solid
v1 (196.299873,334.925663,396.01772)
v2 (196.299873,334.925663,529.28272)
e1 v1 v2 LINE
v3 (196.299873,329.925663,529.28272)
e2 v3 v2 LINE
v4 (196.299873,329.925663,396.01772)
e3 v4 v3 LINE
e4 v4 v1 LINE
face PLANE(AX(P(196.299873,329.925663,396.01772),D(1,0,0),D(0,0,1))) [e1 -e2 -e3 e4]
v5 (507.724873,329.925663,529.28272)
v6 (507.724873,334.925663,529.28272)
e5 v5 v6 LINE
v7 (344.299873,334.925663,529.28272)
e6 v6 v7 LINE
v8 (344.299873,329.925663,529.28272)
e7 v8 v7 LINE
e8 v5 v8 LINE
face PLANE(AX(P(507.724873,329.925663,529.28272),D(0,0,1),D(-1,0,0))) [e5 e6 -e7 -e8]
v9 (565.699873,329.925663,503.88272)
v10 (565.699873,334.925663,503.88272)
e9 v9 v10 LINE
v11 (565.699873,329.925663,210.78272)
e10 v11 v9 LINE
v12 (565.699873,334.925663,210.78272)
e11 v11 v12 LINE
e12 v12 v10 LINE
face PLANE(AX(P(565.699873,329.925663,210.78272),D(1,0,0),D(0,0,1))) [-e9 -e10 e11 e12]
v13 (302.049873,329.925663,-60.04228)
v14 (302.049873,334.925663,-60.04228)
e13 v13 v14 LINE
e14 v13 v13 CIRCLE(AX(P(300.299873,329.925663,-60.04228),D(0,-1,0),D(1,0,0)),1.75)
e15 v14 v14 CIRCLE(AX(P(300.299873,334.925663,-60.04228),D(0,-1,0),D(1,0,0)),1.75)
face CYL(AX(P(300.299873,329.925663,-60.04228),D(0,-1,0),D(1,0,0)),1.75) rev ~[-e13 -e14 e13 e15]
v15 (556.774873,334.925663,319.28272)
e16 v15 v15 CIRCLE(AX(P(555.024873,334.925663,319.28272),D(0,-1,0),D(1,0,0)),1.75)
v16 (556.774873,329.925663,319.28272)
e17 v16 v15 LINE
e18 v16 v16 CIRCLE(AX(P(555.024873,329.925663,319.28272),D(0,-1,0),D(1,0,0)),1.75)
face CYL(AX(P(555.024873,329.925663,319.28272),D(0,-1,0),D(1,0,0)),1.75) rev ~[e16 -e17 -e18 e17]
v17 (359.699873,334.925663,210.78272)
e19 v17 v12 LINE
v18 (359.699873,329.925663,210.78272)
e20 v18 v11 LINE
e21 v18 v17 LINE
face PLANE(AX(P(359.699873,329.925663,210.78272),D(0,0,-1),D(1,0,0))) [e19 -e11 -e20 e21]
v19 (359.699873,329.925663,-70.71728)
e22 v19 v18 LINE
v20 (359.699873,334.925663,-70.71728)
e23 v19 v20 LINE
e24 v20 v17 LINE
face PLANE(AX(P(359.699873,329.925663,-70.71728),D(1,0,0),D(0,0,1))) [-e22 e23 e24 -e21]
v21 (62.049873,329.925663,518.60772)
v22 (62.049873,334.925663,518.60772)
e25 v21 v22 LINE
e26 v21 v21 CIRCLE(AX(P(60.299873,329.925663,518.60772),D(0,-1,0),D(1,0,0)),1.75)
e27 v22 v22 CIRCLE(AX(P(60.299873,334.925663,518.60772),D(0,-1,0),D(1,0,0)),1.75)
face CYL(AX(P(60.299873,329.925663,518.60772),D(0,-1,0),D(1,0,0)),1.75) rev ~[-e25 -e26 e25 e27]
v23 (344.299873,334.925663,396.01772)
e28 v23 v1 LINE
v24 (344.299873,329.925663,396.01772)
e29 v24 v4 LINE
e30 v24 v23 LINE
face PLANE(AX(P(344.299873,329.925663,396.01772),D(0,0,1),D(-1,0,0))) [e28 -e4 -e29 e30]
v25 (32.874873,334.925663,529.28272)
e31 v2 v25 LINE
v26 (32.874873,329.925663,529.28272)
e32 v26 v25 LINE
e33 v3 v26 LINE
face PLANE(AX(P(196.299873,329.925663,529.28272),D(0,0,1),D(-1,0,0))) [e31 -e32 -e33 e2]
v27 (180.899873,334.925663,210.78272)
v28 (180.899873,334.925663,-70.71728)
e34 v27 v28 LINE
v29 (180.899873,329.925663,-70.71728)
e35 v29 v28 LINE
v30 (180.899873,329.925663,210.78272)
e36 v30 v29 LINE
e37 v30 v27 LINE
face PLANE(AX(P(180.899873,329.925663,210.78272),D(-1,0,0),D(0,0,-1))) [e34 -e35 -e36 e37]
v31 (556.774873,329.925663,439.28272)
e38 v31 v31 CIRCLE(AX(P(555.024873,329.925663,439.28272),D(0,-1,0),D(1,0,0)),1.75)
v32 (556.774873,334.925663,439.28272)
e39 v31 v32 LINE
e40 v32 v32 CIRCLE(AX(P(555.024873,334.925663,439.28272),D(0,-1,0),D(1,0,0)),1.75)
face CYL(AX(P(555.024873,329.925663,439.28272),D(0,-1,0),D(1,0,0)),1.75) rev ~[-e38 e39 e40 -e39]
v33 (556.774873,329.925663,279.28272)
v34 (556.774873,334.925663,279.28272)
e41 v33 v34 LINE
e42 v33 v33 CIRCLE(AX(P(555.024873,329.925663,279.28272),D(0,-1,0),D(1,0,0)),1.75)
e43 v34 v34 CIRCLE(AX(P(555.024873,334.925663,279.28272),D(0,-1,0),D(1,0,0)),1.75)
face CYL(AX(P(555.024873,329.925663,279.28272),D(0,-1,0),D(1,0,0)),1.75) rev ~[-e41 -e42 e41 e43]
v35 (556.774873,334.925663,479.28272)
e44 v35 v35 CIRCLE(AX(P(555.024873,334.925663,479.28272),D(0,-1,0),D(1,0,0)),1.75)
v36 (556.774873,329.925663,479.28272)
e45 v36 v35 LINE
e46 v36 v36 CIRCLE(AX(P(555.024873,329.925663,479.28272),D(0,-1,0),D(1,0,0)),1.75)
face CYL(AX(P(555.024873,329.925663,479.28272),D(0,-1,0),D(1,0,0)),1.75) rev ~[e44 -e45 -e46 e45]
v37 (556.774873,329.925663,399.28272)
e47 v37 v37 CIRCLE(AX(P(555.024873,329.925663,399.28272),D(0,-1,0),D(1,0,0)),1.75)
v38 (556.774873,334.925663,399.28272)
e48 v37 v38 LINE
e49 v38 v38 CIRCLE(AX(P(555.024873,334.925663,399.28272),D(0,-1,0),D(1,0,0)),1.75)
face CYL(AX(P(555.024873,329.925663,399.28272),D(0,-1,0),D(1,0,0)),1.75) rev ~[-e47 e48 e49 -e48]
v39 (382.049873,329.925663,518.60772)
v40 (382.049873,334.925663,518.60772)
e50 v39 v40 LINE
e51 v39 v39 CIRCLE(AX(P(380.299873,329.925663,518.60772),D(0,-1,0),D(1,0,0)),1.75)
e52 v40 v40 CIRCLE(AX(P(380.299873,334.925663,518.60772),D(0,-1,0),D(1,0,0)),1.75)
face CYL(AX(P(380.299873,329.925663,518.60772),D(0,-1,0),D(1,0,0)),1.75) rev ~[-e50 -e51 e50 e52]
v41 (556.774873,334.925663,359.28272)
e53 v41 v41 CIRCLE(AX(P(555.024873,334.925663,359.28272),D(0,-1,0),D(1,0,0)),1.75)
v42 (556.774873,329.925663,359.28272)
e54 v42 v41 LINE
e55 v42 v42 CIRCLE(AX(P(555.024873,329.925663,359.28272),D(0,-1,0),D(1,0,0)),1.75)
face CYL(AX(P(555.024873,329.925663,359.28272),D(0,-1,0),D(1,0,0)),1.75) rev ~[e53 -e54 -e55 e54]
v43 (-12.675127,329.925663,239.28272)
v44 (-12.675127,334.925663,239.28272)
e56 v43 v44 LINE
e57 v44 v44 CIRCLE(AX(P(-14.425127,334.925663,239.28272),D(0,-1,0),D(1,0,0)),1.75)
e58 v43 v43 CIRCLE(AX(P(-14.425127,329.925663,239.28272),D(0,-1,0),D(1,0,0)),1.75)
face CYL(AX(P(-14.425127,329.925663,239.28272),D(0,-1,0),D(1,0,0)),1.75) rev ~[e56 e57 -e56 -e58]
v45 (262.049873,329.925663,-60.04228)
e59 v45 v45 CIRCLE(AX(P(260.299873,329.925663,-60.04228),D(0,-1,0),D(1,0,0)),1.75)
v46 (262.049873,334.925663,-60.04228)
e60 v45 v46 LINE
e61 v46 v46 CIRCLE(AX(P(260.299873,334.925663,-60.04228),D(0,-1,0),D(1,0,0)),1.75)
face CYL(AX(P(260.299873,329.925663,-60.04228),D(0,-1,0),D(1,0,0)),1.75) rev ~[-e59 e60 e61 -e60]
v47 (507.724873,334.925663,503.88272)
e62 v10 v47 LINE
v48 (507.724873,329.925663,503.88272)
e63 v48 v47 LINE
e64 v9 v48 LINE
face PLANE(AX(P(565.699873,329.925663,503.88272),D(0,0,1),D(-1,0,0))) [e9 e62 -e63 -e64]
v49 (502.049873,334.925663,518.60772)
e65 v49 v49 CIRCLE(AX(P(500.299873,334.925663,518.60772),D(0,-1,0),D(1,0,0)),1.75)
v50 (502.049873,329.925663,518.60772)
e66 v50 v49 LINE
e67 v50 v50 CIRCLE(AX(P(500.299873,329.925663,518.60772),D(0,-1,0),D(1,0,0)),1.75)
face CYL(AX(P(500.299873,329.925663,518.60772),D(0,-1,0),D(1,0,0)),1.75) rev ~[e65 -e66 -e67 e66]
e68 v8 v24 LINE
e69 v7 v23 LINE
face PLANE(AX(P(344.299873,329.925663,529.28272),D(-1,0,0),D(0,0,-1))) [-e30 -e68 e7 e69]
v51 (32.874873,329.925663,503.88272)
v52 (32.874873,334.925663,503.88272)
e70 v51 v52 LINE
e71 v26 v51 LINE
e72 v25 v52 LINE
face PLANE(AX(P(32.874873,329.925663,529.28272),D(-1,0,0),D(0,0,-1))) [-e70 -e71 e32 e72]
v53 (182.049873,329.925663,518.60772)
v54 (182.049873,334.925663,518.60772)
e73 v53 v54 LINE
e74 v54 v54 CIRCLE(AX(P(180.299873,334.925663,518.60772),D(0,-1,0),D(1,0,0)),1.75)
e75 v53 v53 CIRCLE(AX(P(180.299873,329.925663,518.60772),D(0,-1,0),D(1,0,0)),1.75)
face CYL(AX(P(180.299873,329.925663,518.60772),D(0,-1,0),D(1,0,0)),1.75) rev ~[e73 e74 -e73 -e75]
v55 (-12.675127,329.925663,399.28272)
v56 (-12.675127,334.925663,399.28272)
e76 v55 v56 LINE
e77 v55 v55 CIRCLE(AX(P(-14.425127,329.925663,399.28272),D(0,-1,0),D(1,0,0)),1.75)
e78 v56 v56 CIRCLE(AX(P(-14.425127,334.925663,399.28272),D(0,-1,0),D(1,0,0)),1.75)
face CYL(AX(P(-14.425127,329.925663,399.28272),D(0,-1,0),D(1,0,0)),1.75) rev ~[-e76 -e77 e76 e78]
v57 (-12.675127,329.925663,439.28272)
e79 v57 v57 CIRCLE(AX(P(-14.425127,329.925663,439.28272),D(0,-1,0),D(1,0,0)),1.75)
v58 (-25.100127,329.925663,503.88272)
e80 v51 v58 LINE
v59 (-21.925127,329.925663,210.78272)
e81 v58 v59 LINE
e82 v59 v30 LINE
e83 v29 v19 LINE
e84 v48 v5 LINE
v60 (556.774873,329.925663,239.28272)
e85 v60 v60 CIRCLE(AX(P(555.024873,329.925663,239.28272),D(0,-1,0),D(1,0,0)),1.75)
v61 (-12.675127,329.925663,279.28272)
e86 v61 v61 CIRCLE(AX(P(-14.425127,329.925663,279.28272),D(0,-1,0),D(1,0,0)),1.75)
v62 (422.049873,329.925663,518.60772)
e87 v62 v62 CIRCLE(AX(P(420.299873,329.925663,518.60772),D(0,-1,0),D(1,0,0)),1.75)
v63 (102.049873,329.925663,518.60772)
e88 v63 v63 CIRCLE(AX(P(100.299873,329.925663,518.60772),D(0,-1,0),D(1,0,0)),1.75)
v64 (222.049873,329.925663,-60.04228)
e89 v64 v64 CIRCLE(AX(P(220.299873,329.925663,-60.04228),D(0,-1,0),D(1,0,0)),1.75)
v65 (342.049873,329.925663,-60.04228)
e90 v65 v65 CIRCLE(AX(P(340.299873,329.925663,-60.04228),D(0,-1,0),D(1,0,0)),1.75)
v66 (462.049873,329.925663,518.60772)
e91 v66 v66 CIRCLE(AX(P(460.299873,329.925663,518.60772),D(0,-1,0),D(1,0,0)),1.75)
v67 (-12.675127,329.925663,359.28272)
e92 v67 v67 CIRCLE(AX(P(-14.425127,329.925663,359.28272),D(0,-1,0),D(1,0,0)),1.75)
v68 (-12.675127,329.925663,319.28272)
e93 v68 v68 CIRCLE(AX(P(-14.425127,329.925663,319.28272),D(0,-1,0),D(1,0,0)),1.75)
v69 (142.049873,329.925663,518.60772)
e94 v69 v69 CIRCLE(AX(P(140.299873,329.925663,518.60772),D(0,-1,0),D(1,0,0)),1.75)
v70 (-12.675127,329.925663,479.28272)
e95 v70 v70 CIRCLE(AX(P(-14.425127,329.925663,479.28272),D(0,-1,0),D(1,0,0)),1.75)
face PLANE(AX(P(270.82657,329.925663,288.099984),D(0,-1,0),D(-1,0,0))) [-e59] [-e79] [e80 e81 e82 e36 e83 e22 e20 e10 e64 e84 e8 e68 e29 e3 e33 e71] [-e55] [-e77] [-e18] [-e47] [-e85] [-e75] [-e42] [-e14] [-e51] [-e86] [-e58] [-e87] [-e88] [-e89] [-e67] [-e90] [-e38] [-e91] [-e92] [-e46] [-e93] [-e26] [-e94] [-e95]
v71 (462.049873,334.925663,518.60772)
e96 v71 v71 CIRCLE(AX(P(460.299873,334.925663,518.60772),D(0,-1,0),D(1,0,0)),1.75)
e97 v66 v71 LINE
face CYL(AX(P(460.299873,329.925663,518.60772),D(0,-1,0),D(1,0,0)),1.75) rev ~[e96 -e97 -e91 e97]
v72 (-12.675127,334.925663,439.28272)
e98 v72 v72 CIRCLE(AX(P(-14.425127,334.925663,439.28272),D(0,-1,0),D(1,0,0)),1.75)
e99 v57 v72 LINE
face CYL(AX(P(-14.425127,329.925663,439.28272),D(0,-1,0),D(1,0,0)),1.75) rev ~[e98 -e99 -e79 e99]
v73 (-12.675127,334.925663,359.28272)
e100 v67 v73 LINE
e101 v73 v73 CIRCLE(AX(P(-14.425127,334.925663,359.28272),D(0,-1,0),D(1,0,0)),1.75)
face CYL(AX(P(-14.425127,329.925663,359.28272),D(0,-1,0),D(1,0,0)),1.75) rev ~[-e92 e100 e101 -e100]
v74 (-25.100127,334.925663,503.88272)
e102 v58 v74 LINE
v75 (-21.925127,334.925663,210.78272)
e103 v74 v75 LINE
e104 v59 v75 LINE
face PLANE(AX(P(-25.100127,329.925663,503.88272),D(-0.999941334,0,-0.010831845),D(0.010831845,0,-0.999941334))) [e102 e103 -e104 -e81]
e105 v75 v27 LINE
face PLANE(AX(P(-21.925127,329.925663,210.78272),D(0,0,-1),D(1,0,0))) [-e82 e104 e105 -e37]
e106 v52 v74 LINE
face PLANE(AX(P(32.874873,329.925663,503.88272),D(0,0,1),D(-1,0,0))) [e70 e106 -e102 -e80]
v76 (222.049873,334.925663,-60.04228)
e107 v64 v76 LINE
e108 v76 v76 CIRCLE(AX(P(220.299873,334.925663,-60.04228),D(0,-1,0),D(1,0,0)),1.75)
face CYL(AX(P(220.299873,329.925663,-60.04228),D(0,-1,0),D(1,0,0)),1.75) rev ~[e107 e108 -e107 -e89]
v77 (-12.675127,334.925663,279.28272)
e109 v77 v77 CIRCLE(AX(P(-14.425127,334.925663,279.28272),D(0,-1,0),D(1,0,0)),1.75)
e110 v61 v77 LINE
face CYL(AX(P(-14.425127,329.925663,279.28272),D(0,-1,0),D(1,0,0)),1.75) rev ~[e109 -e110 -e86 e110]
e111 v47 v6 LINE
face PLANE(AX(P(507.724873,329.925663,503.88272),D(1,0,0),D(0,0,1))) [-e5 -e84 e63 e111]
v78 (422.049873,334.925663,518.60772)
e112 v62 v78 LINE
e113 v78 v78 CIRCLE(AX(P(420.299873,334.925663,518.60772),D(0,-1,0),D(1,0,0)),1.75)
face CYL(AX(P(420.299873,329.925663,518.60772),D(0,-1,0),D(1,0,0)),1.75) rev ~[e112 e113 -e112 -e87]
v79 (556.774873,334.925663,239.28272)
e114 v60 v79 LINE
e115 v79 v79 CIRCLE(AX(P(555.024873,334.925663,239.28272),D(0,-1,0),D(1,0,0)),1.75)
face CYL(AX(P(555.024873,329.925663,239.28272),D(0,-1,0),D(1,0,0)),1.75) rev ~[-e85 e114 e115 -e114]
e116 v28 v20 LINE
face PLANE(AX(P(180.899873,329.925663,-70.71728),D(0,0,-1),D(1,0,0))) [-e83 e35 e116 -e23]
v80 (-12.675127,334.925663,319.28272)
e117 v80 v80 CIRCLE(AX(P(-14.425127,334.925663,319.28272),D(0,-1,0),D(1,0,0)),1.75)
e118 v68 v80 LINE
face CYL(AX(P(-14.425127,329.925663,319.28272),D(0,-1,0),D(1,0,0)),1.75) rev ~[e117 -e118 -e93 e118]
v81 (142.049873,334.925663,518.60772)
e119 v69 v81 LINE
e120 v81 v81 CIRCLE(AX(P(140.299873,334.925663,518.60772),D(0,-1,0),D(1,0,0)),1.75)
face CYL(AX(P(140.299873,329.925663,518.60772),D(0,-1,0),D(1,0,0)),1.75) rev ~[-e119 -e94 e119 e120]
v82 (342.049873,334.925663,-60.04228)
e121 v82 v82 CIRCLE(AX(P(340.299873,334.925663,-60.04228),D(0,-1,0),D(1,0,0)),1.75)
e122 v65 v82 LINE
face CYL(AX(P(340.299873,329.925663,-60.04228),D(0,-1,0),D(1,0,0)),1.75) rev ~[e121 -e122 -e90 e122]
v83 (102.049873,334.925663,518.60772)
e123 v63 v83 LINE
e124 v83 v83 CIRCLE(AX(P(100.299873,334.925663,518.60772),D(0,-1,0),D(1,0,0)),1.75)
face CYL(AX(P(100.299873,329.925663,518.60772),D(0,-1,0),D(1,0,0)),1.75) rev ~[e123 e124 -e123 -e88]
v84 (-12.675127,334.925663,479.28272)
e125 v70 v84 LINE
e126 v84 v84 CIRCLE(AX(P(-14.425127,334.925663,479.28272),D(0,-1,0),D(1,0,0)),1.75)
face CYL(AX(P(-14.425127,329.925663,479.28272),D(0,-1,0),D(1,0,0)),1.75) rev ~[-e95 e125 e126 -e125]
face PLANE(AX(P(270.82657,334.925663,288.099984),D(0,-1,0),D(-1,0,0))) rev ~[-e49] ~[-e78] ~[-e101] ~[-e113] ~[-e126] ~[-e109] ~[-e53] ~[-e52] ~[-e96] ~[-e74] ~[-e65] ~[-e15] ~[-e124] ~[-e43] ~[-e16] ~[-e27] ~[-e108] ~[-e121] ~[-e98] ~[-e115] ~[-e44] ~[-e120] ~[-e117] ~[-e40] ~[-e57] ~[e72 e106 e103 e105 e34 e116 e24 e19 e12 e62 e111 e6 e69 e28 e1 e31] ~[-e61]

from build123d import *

# Parameters (mm, degrees)
BOSS_EXTRUDE1_DEPTH = 5
SKETCH2_R           = 1.75
CUT_EXTRUDE1_DEPTH  = 6


with BuildPart() as part:
    # Sketch1 → Boss-Extrude1 (new body)
    with BuildSketch(Plane(origin=(0, 329.925662842, 0), x_dir=(1, 0, 0), z_dir=(0, 1, 0))):
        Polygon((180.899872759, -210.782719675), (180.899872759, 70.717280325), (359.699872759, 70.717280325), (359.699872759, -210.782719675), (565.699872759, -210.782719675), (565.699872759, -503.882719675), (507.724872759, -503.882719675), (507.724872759, -529.282719675), (344.299872759, -529.282719675), (344.299872759, -396.017719675), (196.299872759, -396.017719675), (196.299872759, -529.282719675), (32.874872759, -529.282719675), (32.874872759, -503.882719675), (-25.100127241, -503.882719675), (-21.925127241, -210.782719675), align=None)
    extrude(amount=BOSS_EXTRUDE1_DEPTH)

    # Sketch2 → Cut-Extrude1 (cut, through all)
    with BuildSketch(Plane.XZ.offset(-329.925662842)):
        with Locations((60.299872759, 518.607719675)):
            Circle(SKETCH2_R)
        with Locations((380.299872759, 518.607719675)):
            Circle(SKETCH2_R)
        with Locations((220.299872759, -60.042280325)):
            Circle(SKETCH2_R)
        with Locations((100.299872759, 518.607719675)):
            Circle(SKETCH2_R)
        with Locations((420.299872759, 518.607719675)):
            Circle(SKETCH2_R)
        with Locations((260.299872759, -60.042280325)):
            Circle(SKETCH2_R)
        with Locations((140.299872759, 518.607719675)):
            Circle(SKETCH2_R)
        with Locations((460.299872759, 518.607719675)):
            Circle(SKETCH2_R)
        with Locations((300.299872759, -60.042280325)):
            Circle(SKETCH2_R)
        with Locations((180.299872759, 518.607719675)):
            Circle(SKETCH2_R)
        with Locations((500.299872759, 518.607719675)):
            Circle(SKETCH2_R)
        with Locations((340.299872759, -60.042280325)):
            Circle(SKETCH2_R)
        with Locations((-14.425127241, 239.282719675)):
            Circle(SKETCH2_R)
        with Locations((555.024872759, 239.282719675)):
            Circle(SKETCH2_R)
        with Locations((-14.425127241, 279.282719675)):
            Circle(SKETCH2_R)
        with Locations((555.024872759, 279.282719675)):
            Circle(SKETCH2_R)
        with Locations((-14.425127241, 319.282719675)):
            Circle(SKETCH2_R)
        with Locations((555.024872759, 319.282719675)):
            Circle(SKETCH2_R)
        with Locations((-14.425127241, 359.282719675)):
            Circle(SKETCH2_R)
        with Locations((555.024872759, 359.282719675)):
            Circle(SKETCH2_R)
        with Locations((-14.425127241, 399.282719675)):
            Circle(SKETCH2_R)
        with Locations((555.024872759, 399.282719675)):
            Circle(SKETCH2_R)
        with Locations((-14.425127241, 439.282719675)):
            Circle(SKETCH2_R)
        with Locations((555.024872759, 439.282719675)):
            Circle(SKETCH2_R)
        with Locations((-14.425127241, 479.282719675)):
            Circle(SKETCH2_R)
        with Locations((555.024872759, 479.282719675)):
            Circle(SKETCH2_R)
    extrude(amount=-CUT_EXTRUDE1_DEPTH, mode=Mode.SUBTRACT)


solid = part.part
